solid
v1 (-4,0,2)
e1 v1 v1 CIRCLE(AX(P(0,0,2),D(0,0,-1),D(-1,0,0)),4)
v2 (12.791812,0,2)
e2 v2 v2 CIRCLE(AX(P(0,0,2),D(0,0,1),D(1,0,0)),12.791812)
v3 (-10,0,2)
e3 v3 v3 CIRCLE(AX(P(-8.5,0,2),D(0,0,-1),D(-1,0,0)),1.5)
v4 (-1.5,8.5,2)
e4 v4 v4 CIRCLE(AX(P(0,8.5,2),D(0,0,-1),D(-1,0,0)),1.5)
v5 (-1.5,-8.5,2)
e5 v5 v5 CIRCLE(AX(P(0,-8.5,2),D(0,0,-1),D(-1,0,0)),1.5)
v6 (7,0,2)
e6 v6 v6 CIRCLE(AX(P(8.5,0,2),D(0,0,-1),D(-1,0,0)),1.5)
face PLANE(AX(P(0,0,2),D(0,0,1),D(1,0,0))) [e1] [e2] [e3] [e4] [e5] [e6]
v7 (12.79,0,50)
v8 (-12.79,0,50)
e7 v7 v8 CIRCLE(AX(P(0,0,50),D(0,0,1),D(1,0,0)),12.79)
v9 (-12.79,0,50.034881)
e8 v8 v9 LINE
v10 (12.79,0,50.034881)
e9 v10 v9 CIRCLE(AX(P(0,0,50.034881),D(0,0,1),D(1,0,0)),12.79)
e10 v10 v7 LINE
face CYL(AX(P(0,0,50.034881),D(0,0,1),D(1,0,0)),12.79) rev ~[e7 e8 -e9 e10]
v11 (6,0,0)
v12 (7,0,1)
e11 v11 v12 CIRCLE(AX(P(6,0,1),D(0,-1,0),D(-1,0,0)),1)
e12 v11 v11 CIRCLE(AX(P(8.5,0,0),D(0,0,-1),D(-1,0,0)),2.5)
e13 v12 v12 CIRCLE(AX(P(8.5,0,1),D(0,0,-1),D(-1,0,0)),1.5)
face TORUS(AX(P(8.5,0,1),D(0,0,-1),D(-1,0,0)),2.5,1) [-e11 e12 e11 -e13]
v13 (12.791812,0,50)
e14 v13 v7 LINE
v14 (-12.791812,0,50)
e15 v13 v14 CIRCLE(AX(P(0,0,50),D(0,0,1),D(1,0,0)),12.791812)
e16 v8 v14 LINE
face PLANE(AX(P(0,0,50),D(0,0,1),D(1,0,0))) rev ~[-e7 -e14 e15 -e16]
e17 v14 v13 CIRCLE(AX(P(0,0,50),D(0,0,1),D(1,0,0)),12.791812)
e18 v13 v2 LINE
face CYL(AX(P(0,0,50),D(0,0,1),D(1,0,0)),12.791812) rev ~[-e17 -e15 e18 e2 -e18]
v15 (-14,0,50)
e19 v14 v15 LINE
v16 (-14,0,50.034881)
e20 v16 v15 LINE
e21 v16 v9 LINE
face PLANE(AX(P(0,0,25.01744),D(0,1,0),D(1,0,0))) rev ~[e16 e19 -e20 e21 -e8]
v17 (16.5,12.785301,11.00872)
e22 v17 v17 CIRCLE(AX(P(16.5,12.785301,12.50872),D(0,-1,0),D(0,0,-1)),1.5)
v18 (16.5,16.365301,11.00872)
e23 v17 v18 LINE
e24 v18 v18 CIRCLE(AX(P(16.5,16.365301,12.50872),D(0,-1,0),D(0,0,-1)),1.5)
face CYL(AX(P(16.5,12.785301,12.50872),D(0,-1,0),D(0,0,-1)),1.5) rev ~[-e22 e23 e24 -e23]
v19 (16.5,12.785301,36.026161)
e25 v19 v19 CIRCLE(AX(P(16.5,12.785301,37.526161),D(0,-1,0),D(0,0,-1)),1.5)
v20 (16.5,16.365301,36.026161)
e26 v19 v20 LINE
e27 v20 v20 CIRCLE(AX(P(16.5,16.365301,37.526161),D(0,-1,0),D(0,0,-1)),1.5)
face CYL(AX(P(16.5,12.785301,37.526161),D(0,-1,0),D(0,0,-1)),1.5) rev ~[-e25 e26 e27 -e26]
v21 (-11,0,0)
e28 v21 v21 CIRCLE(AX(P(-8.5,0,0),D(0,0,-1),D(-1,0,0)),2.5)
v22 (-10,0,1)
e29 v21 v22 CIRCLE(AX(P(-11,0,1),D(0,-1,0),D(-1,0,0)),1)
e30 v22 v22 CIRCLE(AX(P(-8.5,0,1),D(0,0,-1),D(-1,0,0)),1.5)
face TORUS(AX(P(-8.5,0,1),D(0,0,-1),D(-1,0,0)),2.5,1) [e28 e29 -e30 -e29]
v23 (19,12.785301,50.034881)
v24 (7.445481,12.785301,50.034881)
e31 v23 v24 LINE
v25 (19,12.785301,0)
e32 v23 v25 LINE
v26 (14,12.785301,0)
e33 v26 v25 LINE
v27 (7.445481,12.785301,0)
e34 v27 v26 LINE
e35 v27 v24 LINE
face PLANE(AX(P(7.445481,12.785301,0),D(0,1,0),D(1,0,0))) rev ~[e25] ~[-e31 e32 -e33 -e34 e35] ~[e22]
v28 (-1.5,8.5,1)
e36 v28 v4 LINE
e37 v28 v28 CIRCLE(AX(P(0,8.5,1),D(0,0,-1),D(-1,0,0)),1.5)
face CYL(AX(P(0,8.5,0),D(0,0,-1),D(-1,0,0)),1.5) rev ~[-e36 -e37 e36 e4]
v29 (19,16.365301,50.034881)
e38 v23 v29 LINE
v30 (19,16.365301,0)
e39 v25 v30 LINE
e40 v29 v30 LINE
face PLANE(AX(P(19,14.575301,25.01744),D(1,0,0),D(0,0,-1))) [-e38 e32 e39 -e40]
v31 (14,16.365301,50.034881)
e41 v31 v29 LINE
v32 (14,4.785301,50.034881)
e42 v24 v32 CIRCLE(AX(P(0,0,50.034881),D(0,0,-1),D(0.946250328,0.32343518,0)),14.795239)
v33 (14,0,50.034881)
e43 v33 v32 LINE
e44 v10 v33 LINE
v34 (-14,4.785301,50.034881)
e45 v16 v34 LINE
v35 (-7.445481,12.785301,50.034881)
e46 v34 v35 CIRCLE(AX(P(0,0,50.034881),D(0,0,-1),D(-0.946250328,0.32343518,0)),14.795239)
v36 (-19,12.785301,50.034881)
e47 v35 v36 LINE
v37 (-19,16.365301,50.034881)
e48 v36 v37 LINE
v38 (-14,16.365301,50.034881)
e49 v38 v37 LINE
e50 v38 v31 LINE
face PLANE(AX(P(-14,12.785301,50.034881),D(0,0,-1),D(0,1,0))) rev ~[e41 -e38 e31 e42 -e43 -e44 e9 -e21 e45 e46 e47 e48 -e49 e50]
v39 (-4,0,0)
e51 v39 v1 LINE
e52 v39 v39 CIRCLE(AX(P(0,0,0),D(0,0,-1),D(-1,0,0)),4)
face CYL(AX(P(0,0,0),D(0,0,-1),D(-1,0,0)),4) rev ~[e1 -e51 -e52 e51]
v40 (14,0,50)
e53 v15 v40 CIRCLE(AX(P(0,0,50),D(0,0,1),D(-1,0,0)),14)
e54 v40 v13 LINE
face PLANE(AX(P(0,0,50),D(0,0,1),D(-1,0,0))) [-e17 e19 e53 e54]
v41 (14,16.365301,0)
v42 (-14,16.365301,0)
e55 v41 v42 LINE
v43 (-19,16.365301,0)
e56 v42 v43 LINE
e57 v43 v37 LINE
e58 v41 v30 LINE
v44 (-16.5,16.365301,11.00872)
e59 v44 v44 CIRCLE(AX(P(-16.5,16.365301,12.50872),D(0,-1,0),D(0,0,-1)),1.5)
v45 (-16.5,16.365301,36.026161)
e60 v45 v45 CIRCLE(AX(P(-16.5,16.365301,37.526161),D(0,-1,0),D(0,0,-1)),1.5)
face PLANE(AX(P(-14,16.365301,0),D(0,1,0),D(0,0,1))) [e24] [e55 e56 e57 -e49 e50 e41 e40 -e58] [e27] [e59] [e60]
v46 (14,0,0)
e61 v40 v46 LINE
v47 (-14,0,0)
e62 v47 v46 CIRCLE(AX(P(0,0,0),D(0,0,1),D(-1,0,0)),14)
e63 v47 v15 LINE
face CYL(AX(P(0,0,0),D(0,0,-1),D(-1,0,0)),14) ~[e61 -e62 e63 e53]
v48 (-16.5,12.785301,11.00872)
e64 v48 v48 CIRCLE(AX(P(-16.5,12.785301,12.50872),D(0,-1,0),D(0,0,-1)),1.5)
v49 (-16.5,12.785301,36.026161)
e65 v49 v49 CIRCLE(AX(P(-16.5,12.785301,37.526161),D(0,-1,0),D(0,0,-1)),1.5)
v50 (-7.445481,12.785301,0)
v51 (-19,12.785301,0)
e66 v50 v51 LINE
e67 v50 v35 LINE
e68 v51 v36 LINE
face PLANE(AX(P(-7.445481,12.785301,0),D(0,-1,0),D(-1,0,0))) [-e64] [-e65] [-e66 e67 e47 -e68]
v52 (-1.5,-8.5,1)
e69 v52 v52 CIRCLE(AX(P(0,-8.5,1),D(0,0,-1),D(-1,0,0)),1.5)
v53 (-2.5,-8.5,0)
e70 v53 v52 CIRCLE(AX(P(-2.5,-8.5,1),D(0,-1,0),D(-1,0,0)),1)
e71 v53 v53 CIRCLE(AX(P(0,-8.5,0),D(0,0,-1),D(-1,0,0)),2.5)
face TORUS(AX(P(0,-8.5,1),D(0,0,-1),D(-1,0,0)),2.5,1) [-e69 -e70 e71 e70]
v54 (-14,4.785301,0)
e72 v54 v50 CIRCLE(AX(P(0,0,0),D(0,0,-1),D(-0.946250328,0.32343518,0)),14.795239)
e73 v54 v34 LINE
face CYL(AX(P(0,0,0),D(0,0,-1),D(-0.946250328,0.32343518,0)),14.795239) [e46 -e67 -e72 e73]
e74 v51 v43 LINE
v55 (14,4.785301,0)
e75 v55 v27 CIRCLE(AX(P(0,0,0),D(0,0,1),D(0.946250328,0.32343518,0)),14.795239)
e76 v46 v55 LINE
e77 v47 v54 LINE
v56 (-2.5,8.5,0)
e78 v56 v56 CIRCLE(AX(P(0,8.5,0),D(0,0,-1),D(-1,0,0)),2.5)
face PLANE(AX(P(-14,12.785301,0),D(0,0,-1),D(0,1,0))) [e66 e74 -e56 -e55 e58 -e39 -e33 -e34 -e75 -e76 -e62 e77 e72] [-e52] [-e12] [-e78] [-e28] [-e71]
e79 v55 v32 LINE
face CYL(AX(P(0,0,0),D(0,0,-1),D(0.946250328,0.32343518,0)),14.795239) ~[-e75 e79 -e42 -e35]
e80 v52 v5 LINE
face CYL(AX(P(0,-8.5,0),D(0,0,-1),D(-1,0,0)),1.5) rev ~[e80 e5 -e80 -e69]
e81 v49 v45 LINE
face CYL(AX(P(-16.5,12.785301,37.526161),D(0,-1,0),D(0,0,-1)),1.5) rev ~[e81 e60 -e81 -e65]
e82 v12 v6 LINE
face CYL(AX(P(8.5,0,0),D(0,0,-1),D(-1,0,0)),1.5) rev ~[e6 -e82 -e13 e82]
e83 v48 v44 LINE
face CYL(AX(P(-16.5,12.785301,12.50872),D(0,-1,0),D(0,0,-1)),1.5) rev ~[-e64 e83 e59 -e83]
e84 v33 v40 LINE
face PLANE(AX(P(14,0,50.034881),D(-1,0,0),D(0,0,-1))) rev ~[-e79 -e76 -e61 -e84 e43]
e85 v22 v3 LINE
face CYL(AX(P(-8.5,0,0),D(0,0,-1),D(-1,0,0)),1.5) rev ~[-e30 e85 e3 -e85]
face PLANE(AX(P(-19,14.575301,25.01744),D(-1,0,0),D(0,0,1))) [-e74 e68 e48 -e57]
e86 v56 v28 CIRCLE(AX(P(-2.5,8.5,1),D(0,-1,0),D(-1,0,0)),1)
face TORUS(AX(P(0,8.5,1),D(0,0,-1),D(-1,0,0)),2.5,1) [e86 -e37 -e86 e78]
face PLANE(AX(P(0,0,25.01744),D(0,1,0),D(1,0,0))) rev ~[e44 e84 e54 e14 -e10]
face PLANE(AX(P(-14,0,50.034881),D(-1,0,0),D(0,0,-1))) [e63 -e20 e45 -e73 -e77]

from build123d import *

# Parameters (mm, degrees)
SKETCH1_R           = 14
BOSS_EXTRUDE1_DEPTH = 50
SKETCH5_W           = 28
SKETCH5_H           = 50.034880911
BOSS_EXTRUDE2_DEPTH = 21
SKETCH2_R           = 12.791811967
CUT_EXTRUDE1_DEPTH  = 48
SKETCH3_R           = 4
CUT_EXTRUDE2_DEPTH  = 49
SKETCH4_R           = 1.5
CUT_EXTRUDE3_DEPTH  = 49
SKETCH6_R           = 12.79
CUT_EXTRUDE5_DEPTH  = 21
SKETCH7_W           = 28
SKETCH7_H           = 4.634699127
CUT_EXTRUDE6_DEPTH  = 53
SKETCH8_W           = 50.034880911
SKETCH8_H           = 3.58
BOSS_EXTRUDE3_DEPTH = 5
SKETCH13_R          = 1.5
CUT_EXTRUDE7_DEPTH  = 5
SKETCH14_W          = 50.034880911
SKETCH14_H          = 3.58
BOSS_EXTRUDE4_DEPTH = 5
SKETCH15_R          = 1.5
CUT_EXTRUDE8_DEPTH  = 5
FILLET1_R           = 1
FILLET2_R           = 1
CUT_EXTRUDE9_DEPTH  = 73


with BuildPart() as part:
    # Sketch1 → Boss-Extrude1 (new body)
    with BuildSketch(Plane.XY):
        with Locations(Location((0, 0, 0), (0, 0, 180))):
            Circle(SKETCH1_R)
    extrude(amount=BOSS_EXTRUDE1_DEPTH)

    # Sketch5 → Boss-Extrude2 (add)
    with BuildSketch(Plane(origin=(0, 0, 0), x_dir=(1, 0, 0), z_dir=(0, 1, 0))):
        with Locations((0, -25.017440456)):
            Rectangle(SKETCH5_W, SKETCH5_H)
    extrude(amount=BOSS_EXTRUDE2_DEPTH)

    # Sketch2 → Cut-Extrude1 (cut)
    with BuildSketch(Plane.XY.offset(50)):
        Circle(SKETCH2_R)
    extrude(amount=-CUT_EXTRUDE1_DEPTH, mode=Mode.SUBTRACT)

    # Sketch3 → Cut-Extrude2 (cut)
    with BuildSketch(Plane(origin=(0, 0, 0), x_dir=(-1, 0, 0), z_dir=(0, 0, -1))):
        Circle(SKETCH3_R)
    extrude(amount=-CUT_EXTRUDE2_DEPTH, mode=Mode.SUBTRACT)

    # Sketch4 → Cut-Extrude3 (cut)
    with BuildSketch(Plane(origin=(0, 0, 0), x_dir=(-1, 0, 0), z_dir=(0, 0, -1))):
        with Locations((0, -8.5)):
            Circle(SKETCH4_R)
        with Locations((0, 8.5)):
            Circle(SKETCH4_R)
        with Locations((8.5, 0)):
            Circle(SKETCH4_R)
        with Locations((-8.5, 0)):
            Circle(SKETCH4_R)
    extrude(amount=-CUT_EXTRUDE3_DEPTH, mode=Mode.SUBTRACT)

    # Sketch6 → Cut-Extrude5 (cut)
    with BuildSketch(Plane.XY.offset(50.034880911)):
        Circle(SKETCH6_R)
    extrude(amount=-CUT_EXTRUDE5_DEPTH, mode=Mode.SUBTRACT)

    # Sketch7 → Cut-Extrude6 (cut)
    with BuildSketch(Plane.XY.offset(50.034880911)):
        with Locations((0, 18.682650437)):
            Rectangle(SKETCH7_W, SKETCH7_H)
    extrude(amount=-CUT_EXTRUDE6_DEPTH, mode=Mode.SUBTRACT)

    # Sketch8 → Boss-Extrude3 (add)
    with BuildSketch(Plane(origin=(14, 0, 0), x_dir=(0, 0, -1), z_dir=(1, 0, 0))):
        with Locations((-25.017440456, 14.575300873)):
            Rectangle(SKETCH8_W, SKETCH8_H)
    extrude(amount=BOSS_EXTRUDE3_DEPTH)

    # Sketch13 → Cut-Extrude7 (cut)
    with BuildSketch(Plane.XZ.offset(-12.785300873)):
        with Locations(Location((16.5, 37.526160683, 0), (0, 0, 270))):
            Circle(SKETCH13_R)
        with Locations(Location((16.5, 12.508720228, 0), (0, 0, 270))):
            Circle(SKETCH13_R)
    extrude(amount=-CUT_EXTRUDE7_DEPTH, mode=Mode.SUBTRACT)

    # Sketch14 → Boss-Extrude4 (add)
    with BuildSketch(Plane.ZY.offset(14)):
        with Locations((25.017440456, 14.575300873)):
            Rectangle(SKETCH14_W, SKETCH14_H)
    extrude(amount=BOSS_EXTRUDE4_DEPTH)

    # Sketch15 → Cut-Extrude8 (cut)
    with BuildSketch(Plane.XZ.offset(-12.785300873)):
        with Locations(Location((-16.5, 12.508720228, 0), (0, 0, 270))):
            Circle(SKETCH15_R)
        with Locations(Location((-16.5, 37.526160683, 0), (0, 0, 270))):
            Circle(SKETCH15_R)
    extrude(amount=-CUT_EXTRUDE8_DEPTH, mode=Mode.SUBTRACT)

    # Fillet1
    fillet1_edges = [part.edges().sort_by_distance(p)[0] for p in [
        (10, 0, 0),
    ]]
    fillet(fillet1_edges, radius=FILLET1_R)

    # Fillet2
    fillet2_edges = [part.edges().sort_by_distance(p)[0] for p in [
        (1.5, -8.5, 0),
        (1.5, 8.5, 0),
        (-7, 0, 0),
    ]]
    fillet(fillet2_edges, radius=FILLET2_R)

    # Sketch16 → Cut-Extrude9 (cut)
    with BuildSketch(Plane(origin=(0, 0, 0), x_dir=(-1, 0, 0), z_dir=(0, 0, -1))):
        with BuildLine():
            Line((-7.445480913, 12.785300873), (-14, 12.785300873))
            Line((-14, 12.785300873), (-14, 4.785300873))
            ThreePointArc((-14, 4.785300873), (-11.444525455, 9.376670067), (-7.445480913, 12.785300873))
        make_face()
        with BuildLine():
            Line((14, 12.785300873), (14, 4.785300873))
            ThreePointArc((14, 4.785300873), (11.444525455, 9.376670067), (7.445480913, 12.785300873))
            Line((7.445480913, 12.785300873), (14, 12.785300873))
        make_face()
    extrude(amount=-CUT_EXTRUDE9_DEPTH, mode=Mode.SUBTRACT)


solid = part.part
